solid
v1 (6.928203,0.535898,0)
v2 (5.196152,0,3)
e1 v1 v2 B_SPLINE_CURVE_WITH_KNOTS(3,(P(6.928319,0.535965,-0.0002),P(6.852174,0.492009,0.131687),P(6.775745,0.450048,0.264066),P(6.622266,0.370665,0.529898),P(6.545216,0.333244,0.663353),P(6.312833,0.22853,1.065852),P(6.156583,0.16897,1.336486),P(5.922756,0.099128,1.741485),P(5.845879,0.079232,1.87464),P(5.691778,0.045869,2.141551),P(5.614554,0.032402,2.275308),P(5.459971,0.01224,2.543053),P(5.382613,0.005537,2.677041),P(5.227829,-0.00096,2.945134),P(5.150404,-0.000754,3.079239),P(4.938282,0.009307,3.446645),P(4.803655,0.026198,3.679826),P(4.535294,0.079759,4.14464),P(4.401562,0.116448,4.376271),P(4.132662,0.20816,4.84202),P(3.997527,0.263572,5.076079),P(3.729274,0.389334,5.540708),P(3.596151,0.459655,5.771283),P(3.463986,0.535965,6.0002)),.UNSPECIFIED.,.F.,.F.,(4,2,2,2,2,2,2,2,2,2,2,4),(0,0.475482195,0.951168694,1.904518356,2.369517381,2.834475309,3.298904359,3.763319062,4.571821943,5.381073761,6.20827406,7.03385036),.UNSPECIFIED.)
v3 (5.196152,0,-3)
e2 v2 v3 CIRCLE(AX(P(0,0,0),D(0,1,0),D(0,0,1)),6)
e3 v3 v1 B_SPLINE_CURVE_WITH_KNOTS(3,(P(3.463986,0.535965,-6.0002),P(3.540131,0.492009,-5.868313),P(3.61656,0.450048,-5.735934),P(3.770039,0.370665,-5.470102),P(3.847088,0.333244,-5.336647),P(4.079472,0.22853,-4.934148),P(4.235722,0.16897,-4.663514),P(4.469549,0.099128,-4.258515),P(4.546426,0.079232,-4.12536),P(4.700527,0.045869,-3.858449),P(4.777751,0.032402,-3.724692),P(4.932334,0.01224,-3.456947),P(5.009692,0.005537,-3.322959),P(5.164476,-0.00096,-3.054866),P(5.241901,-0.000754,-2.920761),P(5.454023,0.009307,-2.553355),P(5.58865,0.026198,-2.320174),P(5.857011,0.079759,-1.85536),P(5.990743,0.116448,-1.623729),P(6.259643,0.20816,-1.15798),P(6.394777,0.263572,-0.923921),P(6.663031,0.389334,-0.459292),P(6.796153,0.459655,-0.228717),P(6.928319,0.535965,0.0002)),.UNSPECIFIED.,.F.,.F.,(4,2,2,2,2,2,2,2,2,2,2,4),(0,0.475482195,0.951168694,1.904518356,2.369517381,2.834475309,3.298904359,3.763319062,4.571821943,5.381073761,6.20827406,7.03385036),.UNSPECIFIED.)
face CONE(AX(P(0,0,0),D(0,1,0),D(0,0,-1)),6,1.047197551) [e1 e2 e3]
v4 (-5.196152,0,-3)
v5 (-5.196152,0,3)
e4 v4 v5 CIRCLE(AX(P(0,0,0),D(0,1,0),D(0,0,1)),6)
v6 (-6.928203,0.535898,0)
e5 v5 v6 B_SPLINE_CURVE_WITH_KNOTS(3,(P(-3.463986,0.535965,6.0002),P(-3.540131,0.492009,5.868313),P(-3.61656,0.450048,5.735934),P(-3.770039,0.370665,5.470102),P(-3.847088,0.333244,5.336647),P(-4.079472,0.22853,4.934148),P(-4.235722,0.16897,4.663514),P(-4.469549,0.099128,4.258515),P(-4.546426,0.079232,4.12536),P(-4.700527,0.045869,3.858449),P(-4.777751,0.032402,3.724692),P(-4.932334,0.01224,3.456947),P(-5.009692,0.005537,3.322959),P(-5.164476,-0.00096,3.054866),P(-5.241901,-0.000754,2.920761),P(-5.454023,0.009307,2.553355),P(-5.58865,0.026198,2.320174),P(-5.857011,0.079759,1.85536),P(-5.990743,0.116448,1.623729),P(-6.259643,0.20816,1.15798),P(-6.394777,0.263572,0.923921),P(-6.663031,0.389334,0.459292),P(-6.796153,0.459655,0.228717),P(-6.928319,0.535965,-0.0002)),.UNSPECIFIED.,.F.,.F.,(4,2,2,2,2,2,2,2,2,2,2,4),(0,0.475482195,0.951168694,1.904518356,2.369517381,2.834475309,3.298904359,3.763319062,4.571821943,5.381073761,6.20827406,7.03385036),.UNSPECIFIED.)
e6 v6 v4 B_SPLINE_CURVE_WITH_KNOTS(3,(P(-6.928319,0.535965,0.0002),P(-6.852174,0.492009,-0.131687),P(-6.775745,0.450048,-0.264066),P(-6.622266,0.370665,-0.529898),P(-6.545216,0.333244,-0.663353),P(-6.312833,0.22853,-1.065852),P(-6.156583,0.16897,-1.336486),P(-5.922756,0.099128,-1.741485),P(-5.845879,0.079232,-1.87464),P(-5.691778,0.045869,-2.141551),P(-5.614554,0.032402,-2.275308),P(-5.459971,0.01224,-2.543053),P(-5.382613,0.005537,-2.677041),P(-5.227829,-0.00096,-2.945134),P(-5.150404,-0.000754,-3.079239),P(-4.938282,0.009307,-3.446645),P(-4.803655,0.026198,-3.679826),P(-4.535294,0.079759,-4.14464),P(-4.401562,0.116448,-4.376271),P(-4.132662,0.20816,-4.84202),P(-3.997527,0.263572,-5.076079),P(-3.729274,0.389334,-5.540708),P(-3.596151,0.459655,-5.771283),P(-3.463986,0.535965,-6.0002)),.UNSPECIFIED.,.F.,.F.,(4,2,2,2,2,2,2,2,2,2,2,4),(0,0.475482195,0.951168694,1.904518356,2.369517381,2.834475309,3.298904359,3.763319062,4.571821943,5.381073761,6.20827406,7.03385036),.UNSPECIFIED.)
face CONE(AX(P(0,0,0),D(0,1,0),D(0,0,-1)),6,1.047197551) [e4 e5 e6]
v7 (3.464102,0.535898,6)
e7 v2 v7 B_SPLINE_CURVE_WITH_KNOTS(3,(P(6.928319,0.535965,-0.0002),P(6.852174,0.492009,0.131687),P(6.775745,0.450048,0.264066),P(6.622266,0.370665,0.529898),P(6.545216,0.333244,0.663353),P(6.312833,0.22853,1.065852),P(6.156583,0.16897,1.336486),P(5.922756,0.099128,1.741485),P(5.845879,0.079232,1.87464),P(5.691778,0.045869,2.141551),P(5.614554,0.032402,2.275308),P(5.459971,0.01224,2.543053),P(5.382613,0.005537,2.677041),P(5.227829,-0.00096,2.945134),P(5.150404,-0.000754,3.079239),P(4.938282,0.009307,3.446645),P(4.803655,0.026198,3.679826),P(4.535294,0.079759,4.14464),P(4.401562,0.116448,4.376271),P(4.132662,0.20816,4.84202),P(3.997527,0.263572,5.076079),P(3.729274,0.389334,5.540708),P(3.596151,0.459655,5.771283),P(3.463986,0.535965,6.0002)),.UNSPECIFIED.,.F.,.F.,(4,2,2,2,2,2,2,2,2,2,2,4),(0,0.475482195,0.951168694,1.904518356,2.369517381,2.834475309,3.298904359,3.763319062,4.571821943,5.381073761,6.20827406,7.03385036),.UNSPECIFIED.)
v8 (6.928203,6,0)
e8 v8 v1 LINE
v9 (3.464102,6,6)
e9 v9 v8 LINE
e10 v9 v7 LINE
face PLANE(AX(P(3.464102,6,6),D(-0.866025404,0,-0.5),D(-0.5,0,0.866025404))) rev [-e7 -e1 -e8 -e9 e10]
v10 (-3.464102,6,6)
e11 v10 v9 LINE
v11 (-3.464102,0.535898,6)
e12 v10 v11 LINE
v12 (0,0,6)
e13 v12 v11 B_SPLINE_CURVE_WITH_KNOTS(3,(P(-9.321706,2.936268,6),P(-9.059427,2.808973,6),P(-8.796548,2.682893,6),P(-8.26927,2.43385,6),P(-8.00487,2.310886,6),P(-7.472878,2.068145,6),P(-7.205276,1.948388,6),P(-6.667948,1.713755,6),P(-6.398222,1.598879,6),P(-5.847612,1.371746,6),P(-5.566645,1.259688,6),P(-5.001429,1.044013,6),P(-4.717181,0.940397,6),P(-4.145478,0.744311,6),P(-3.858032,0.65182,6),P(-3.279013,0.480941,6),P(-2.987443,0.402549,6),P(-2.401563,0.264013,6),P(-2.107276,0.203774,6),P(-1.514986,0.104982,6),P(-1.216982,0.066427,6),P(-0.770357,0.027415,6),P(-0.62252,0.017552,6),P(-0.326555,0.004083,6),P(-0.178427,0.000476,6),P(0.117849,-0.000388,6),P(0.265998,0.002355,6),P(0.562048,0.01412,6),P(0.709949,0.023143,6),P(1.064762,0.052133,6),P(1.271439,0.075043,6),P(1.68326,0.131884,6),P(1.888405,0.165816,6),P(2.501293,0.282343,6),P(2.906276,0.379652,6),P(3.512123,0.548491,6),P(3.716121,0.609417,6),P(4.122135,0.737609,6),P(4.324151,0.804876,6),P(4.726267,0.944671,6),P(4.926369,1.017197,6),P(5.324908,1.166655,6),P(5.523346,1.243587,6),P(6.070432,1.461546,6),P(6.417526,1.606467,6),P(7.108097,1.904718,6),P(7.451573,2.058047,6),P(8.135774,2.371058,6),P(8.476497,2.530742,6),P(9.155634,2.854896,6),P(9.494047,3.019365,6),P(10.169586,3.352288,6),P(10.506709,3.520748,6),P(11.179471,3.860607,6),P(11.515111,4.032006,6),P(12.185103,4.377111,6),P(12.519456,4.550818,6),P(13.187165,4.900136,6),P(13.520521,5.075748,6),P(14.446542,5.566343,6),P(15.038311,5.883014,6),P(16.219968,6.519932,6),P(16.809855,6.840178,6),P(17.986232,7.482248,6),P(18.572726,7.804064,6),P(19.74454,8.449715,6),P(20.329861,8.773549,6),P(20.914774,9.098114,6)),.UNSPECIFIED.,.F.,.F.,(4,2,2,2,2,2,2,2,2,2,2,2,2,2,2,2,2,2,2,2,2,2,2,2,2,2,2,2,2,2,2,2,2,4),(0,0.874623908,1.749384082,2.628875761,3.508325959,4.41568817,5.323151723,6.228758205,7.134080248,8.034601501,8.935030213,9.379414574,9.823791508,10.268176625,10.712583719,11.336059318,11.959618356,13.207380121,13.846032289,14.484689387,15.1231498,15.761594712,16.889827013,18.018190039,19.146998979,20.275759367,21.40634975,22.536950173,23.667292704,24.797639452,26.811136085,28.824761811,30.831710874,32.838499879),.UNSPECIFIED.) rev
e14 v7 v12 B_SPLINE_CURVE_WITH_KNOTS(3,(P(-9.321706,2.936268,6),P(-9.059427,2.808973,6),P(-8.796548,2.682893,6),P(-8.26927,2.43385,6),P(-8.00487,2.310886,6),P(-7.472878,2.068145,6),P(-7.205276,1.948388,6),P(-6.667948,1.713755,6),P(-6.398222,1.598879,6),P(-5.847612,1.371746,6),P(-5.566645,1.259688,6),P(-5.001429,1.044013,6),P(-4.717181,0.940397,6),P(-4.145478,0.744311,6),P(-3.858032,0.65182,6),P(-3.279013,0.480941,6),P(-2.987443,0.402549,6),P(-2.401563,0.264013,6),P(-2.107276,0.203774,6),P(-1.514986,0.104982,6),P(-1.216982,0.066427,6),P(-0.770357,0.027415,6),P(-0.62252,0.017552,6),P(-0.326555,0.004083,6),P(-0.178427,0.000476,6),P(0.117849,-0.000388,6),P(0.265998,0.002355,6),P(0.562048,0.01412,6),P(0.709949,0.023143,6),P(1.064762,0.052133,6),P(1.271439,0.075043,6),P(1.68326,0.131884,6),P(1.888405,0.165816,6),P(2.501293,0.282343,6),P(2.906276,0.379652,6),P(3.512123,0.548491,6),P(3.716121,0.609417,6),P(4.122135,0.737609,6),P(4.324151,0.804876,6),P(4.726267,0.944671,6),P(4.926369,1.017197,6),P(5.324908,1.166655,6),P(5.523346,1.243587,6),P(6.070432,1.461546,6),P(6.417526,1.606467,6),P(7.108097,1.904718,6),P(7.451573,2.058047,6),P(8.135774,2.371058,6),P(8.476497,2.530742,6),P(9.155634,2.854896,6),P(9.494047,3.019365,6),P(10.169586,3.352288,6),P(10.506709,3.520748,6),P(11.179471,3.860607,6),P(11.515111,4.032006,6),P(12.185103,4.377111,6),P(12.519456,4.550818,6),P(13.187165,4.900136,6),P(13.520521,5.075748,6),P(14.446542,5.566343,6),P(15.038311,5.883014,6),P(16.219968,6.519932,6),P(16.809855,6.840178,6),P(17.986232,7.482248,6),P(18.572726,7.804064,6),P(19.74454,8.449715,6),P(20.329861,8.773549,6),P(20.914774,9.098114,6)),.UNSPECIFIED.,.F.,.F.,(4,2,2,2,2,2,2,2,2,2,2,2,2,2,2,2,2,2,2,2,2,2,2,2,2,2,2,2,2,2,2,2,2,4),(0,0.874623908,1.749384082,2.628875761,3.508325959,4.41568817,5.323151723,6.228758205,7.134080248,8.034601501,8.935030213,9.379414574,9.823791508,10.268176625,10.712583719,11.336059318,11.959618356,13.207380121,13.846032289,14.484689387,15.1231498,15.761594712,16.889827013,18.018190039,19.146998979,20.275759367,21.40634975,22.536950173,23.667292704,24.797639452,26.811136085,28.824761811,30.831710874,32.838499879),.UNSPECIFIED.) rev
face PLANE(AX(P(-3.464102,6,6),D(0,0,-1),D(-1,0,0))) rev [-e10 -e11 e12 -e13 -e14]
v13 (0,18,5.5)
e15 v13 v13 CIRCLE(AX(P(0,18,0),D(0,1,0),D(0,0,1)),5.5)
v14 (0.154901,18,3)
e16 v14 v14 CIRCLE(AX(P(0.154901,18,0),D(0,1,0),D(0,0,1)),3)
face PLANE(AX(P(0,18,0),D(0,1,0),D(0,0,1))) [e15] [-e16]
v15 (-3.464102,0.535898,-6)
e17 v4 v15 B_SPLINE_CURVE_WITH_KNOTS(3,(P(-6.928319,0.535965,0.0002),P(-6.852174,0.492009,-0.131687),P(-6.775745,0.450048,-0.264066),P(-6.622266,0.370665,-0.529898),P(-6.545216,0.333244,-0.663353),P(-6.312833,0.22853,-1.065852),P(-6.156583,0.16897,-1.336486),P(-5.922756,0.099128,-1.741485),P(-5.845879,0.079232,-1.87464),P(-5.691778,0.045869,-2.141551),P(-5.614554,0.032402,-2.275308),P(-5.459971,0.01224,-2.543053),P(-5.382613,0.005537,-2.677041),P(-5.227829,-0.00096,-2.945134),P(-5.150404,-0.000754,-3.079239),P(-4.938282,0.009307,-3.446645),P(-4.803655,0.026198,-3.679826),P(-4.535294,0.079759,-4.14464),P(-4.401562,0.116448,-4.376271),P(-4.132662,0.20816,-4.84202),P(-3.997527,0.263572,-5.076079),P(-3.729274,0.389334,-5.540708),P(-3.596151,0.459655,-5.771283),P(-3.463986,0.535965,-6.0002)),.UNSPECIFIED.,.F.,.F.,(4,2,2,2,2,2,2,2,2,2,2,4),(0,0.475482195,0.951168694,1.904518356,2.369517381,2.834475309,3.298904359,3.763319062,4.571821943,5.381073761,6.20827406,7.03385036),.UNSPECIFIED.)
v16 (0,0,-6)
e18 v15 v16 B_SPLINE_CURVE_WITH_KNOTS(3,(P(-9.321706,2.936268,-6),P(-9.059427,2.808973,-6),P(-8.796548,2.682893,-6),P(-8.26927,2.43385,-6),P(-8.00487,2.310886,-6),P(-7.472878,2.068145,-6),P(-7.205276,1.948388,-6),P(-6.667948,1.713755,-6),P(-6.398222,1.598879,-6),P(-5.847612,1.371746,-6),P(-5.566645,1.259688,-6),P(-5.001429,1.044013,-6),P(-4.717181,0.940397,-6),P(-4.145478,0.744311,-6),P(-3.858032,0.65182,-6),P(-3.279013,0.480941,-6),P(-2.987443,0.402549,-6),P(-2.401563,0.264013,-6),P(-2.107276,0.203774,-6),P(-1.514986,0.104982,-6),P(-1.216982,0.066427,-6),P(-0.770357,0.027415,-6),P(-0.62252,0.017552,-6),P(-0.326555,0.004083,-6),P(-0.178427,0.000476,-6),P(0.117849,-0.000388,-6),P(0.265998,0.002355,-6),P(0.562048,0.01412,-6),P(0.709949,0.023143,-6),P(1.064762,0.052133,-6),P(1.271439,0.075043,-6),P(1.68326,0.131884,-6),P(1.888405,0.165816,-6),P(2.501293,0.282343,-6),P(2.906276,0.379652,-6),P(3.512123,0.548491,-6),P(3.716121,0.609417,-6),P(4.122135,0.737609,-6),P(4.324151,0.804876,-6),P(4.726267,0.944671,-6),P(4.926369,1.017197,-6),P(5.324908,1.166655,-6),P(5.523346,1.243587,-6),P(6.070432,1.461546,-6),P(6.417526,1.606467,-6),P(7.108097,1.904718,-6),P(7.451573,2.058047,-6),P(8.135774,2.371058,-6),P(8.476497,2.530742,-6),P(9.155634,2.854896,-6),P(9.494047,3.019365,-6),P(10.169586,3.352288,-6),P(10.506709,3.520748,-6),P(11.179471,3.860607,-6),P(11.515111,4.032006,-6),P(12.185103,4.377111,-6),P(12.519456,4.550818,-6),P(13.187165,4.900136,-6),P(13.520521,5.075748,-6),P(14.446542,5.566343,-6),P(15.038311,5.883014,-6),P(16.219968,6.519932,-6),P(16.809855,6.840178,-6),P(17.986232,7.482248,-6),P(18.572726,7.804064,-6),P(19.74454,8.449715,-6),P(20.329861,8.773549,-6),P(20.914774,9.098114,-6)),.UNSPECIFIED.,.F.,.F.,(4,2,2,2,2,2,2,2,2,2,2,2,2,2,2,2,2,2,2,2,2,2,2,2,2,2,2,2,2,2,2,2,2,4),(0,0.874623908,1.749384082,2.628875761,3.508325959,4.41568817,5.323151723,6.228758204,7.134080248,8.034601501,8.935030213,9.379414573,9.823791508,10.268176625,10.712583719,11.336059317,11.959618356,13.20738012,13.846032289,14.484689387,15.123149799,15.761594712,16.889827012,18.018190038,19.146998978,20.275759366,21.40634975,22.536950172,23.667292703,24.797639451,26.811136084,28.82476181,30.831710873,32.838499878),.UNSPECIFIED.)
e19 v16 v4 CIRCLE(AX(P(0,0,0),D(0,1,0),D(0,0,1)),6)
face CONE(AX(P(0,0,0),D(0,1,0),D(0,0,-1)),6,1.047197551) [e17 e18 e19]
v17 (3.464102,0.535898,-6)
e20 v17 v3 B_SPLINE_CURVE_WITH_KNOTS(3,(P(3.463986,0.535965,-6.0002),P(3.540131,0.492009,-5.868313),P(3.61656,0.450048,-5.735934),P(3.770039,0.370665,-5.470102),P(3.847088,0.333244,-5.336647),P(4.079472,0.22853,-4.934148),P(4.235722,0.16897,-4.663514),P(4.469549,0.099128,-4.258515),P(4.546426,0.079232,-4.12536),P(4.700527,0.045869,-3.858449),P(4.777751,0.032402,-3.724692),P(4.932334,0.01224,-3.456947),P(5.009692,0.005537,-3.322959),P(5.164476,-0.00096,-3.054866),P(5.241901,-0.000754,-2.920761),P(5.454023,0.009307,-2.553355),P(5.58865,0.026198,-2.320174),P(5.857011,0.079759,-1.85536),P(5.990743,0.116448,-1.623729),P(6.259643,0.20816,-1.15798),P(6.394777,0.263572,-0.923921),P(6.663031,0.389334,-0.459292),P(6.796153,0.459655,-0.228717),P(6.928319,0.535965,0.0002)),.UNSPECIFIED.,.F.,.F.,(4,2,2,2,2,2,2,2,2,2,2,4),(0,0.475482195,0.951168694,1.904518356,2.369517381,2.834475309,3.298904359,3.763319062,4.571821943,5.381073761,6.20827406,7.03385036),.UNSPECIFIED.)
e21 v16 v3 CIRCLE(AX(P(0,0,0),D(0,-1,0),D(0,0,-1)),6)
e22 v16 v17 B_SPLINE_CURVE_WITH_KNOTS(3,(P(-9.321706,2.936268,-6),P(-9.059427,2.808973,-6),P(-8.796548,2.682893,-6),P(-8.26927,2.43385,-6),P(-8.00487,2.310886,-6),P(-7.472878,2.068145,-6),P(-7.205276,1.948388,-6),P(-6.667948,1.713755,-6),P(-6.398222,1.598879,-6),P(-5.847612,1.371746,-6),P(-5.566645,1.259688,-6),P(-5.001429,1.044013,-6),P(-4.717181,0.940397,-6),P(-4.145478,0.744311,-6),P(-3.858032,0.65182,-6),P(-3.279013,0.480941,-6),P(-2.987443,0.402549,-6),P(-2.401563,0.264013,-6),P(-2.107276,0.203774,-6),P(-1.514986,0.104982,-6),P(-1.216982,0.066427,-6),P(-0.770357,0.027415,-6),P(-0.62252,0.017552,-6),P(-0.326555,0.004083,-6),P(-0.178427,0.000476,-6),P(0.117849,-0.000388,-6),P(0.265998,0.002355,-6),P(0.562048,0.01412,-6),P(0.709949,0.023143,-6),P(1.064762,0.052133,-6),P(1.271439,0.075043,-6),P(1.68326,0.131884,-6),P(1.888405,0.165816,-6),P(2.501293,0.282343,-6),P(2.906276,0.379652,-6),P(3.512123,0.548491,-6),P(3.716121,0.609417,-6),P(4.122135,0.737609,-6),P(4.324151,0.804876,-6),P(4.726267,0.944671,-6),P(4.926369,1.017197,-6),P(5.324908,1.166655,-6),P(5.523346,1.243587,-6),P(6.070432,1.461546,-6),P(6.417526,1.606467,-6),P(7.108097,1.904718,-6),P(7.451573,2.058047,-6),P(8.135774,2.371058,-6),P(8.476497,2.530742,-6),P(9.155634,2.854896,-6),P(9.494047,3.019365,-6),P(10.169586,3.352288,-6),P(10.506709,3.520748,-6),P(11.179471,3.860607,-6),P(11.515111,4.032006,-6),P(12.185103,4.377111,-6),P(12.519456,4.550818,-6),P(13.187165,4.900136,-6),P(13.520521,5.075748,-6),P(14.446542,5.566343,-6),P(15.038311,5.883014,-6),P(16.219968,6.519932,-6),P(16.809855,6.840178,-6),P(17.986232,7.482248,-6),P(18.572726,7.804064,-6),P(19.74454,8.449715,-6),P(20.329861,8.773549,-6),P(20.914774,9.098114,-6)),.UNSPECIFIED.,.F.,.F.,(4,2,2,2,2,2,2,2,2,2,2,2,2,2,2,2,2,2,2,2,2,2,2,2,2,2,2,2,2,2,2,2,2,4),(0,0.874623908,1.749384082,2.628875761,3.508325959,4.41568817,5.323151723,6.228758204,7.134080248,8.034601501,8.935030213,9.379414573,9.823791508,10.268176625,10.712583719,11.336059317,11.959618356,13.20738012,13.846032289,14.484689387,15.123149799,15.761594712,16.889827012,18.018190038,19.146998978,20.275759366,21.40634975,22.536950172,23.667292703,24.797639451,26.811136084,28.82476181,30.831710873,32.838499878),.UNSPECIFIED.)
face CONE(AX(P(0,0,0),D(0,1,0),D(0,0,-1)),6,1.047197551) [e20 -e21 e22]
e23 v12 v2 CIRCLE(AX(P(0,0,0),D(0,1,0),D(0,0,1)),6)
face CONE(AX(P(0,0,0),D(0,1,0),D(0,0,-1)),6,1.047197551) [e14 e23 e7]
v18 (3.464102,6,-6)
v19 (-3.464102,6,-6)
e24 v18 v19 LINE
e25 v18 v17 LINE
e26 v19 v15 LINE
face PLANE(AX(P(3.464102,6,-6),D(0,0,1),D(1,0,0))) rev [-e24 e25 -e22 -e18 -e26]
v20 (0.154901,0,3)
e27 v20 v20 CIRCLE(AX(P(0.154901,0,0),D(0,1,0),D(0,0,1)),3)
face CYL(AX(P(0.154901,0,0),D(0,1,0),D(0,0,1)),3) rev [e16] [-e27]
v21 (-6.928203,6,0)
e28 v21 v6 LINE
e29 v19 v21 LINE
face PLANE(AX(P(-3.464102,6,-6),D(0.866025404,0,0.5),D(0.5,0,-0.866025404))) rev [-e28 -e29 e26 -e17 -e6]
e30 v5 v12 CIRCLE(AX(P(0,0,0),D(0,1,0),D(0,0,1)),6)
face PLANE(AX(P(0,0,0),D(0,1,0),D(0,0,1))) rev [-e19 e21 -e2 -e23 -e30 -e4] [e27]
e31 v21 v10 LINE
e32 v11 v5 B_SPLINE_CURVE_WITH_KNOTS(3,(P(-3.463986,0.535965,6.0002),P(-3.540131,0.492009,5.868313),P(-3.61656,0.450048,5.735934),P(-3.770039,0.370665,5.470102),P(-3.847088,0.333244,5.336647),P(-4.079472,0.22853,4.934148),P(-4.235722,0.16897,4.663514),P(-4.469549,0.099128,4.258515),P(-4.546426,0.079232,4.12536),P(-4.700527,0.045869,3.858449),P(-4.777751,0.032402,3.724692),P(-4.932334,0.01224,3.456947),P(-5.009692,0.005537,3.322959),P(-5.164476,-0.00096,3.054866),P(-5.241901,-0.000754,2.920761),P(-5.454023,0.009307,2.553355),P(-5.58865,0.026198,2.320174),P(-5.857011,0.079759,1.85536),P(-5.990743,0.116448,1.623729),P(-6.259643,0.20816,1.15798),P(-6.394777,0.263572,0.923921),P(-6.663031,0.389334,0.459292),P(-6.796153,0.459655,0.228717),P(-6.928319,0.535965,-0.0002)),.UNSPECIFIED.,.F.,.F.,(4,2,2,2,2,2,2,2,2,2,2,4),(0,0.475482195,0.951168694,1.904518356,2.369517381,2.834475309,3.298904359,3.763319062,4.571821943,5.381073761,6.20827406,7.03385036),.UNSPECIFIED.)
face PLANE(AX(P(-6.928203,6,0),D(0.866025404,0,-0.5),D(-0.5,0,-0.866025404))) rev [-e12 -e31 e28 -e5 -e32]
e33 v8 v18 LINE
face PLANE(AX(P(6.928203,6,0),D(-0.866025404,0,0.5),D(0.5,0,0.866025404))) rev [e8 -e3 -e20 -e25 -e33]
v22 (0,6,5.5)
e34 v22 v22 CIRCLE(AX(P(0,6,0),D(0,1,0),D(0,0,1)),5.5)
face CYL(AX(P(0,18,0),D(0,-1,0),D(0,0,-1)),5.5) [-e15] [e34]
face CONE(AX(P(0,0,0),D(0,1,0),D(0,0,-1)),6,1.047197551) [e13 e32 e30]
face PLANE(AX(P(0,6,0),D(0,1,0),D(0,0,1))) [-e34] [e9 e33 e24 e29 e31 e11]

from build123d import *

# Parameters (mm, degrees)
EXTRUDE_1_DEPTH     = 6
SKETCH_2_R          = 5.5
EXTRUDE_2_DEPTH     = 12
SKETCH_3_R          = 3
CUT_EXTRUDE_1_DEPTH = 21.199009877
SKETCH_4_OUTSIDE_W  = 55.636
SKETCH_4_OUTSIDE_H  = 53.78
SKETCH_4_OUTSIDE_R  = 6
CUT_EXTRUDE_2_DEPTH = 10
CUT_EXTRUDE_2_DRAFT = -60


with BuildPart() as part:
    # 草图1 → 凸台-拉伸1 (new body)
    with BuildSketch(Plane(origin=(0, 0, 0), x_dir=(1, 0, 0), z_dir=(0, 1, 0))):
        Polygon((6.92820323, 0), (3.464101615, 6), (-3.464101615, 6), (-6.92820323, 0), (-3.464101615, -6), (3.464101615, -6), align=None)
    extrude(amount=EXTRUDE_1_DEPTH)

    # 草图2 → 凸台-拉伸2 (add)
    with BuildSketch(Plane(origin=(0, 6, 0), x_dir=(1, 0, 0), z_dir=(0, 1, 0))):
        with Locations(Location((0, 0, 0), (0, 0, 270))):
            Circle(SKETCH_2_R)
    extrude(amount=EXTRUDE_2_DEPTH)

    # 草图3 → 切除-拉伸1 (cut, through all)
    with BuildSketch(Plane(origin=(0, 18, 0), x_dir=(1, 0, 0), z_dir=(0, 1, 0))):
        with Locations(Location((0.154901244, 0, 0), (0, 0, 270))):
            Circle(SKETCH_3_R)
    extrude(amount=-CUT_EXTRUDE_1_DEPTH, mode=Mode.SUBTRACT)


with BuildPart() as cut_extrude_2_tool:
    # 草图4 outside → 切除-拉伸2 (with draft: the straight prism first)
    with BuildSketch(Plane.XZ):
        Rectangle(SKETCH_4_OUTSIDE_W, SKETCH_4_OUTSIDE_H)
        Circle(SKETCH_4_OUTSIDE_R, mode=Mode.SUBTRACT)
    extrude(amount=-CUT_EXTRUDE_2_DEPTH)
    # 切除-拉伸2: the draft: its side faces are tilted about the plane it starts from
    cut_extrude_2_sides = [cut_extrude_2_tool.faces().sort_by_distance(p)[0] for p in [
        (0, 5, -26.89),
        (27.818, 5, 0),
        (0, 5, 26.89),
        (-27.818, 5, 0),
        (-6, 5, 0),
    ]]
    draft(cut_extrude_2_sides, Plane.XZ, CUT_EXTRUDE_2_DRAFT)


with BuildPart() as part_1:
    add(part.part)

    # 切除-拉伸2: cut by cut_extrude_2_tool
    add(cut_extrude_2_tool.part, mode=Mode.SUBTRACT)


solid = part_1.part
